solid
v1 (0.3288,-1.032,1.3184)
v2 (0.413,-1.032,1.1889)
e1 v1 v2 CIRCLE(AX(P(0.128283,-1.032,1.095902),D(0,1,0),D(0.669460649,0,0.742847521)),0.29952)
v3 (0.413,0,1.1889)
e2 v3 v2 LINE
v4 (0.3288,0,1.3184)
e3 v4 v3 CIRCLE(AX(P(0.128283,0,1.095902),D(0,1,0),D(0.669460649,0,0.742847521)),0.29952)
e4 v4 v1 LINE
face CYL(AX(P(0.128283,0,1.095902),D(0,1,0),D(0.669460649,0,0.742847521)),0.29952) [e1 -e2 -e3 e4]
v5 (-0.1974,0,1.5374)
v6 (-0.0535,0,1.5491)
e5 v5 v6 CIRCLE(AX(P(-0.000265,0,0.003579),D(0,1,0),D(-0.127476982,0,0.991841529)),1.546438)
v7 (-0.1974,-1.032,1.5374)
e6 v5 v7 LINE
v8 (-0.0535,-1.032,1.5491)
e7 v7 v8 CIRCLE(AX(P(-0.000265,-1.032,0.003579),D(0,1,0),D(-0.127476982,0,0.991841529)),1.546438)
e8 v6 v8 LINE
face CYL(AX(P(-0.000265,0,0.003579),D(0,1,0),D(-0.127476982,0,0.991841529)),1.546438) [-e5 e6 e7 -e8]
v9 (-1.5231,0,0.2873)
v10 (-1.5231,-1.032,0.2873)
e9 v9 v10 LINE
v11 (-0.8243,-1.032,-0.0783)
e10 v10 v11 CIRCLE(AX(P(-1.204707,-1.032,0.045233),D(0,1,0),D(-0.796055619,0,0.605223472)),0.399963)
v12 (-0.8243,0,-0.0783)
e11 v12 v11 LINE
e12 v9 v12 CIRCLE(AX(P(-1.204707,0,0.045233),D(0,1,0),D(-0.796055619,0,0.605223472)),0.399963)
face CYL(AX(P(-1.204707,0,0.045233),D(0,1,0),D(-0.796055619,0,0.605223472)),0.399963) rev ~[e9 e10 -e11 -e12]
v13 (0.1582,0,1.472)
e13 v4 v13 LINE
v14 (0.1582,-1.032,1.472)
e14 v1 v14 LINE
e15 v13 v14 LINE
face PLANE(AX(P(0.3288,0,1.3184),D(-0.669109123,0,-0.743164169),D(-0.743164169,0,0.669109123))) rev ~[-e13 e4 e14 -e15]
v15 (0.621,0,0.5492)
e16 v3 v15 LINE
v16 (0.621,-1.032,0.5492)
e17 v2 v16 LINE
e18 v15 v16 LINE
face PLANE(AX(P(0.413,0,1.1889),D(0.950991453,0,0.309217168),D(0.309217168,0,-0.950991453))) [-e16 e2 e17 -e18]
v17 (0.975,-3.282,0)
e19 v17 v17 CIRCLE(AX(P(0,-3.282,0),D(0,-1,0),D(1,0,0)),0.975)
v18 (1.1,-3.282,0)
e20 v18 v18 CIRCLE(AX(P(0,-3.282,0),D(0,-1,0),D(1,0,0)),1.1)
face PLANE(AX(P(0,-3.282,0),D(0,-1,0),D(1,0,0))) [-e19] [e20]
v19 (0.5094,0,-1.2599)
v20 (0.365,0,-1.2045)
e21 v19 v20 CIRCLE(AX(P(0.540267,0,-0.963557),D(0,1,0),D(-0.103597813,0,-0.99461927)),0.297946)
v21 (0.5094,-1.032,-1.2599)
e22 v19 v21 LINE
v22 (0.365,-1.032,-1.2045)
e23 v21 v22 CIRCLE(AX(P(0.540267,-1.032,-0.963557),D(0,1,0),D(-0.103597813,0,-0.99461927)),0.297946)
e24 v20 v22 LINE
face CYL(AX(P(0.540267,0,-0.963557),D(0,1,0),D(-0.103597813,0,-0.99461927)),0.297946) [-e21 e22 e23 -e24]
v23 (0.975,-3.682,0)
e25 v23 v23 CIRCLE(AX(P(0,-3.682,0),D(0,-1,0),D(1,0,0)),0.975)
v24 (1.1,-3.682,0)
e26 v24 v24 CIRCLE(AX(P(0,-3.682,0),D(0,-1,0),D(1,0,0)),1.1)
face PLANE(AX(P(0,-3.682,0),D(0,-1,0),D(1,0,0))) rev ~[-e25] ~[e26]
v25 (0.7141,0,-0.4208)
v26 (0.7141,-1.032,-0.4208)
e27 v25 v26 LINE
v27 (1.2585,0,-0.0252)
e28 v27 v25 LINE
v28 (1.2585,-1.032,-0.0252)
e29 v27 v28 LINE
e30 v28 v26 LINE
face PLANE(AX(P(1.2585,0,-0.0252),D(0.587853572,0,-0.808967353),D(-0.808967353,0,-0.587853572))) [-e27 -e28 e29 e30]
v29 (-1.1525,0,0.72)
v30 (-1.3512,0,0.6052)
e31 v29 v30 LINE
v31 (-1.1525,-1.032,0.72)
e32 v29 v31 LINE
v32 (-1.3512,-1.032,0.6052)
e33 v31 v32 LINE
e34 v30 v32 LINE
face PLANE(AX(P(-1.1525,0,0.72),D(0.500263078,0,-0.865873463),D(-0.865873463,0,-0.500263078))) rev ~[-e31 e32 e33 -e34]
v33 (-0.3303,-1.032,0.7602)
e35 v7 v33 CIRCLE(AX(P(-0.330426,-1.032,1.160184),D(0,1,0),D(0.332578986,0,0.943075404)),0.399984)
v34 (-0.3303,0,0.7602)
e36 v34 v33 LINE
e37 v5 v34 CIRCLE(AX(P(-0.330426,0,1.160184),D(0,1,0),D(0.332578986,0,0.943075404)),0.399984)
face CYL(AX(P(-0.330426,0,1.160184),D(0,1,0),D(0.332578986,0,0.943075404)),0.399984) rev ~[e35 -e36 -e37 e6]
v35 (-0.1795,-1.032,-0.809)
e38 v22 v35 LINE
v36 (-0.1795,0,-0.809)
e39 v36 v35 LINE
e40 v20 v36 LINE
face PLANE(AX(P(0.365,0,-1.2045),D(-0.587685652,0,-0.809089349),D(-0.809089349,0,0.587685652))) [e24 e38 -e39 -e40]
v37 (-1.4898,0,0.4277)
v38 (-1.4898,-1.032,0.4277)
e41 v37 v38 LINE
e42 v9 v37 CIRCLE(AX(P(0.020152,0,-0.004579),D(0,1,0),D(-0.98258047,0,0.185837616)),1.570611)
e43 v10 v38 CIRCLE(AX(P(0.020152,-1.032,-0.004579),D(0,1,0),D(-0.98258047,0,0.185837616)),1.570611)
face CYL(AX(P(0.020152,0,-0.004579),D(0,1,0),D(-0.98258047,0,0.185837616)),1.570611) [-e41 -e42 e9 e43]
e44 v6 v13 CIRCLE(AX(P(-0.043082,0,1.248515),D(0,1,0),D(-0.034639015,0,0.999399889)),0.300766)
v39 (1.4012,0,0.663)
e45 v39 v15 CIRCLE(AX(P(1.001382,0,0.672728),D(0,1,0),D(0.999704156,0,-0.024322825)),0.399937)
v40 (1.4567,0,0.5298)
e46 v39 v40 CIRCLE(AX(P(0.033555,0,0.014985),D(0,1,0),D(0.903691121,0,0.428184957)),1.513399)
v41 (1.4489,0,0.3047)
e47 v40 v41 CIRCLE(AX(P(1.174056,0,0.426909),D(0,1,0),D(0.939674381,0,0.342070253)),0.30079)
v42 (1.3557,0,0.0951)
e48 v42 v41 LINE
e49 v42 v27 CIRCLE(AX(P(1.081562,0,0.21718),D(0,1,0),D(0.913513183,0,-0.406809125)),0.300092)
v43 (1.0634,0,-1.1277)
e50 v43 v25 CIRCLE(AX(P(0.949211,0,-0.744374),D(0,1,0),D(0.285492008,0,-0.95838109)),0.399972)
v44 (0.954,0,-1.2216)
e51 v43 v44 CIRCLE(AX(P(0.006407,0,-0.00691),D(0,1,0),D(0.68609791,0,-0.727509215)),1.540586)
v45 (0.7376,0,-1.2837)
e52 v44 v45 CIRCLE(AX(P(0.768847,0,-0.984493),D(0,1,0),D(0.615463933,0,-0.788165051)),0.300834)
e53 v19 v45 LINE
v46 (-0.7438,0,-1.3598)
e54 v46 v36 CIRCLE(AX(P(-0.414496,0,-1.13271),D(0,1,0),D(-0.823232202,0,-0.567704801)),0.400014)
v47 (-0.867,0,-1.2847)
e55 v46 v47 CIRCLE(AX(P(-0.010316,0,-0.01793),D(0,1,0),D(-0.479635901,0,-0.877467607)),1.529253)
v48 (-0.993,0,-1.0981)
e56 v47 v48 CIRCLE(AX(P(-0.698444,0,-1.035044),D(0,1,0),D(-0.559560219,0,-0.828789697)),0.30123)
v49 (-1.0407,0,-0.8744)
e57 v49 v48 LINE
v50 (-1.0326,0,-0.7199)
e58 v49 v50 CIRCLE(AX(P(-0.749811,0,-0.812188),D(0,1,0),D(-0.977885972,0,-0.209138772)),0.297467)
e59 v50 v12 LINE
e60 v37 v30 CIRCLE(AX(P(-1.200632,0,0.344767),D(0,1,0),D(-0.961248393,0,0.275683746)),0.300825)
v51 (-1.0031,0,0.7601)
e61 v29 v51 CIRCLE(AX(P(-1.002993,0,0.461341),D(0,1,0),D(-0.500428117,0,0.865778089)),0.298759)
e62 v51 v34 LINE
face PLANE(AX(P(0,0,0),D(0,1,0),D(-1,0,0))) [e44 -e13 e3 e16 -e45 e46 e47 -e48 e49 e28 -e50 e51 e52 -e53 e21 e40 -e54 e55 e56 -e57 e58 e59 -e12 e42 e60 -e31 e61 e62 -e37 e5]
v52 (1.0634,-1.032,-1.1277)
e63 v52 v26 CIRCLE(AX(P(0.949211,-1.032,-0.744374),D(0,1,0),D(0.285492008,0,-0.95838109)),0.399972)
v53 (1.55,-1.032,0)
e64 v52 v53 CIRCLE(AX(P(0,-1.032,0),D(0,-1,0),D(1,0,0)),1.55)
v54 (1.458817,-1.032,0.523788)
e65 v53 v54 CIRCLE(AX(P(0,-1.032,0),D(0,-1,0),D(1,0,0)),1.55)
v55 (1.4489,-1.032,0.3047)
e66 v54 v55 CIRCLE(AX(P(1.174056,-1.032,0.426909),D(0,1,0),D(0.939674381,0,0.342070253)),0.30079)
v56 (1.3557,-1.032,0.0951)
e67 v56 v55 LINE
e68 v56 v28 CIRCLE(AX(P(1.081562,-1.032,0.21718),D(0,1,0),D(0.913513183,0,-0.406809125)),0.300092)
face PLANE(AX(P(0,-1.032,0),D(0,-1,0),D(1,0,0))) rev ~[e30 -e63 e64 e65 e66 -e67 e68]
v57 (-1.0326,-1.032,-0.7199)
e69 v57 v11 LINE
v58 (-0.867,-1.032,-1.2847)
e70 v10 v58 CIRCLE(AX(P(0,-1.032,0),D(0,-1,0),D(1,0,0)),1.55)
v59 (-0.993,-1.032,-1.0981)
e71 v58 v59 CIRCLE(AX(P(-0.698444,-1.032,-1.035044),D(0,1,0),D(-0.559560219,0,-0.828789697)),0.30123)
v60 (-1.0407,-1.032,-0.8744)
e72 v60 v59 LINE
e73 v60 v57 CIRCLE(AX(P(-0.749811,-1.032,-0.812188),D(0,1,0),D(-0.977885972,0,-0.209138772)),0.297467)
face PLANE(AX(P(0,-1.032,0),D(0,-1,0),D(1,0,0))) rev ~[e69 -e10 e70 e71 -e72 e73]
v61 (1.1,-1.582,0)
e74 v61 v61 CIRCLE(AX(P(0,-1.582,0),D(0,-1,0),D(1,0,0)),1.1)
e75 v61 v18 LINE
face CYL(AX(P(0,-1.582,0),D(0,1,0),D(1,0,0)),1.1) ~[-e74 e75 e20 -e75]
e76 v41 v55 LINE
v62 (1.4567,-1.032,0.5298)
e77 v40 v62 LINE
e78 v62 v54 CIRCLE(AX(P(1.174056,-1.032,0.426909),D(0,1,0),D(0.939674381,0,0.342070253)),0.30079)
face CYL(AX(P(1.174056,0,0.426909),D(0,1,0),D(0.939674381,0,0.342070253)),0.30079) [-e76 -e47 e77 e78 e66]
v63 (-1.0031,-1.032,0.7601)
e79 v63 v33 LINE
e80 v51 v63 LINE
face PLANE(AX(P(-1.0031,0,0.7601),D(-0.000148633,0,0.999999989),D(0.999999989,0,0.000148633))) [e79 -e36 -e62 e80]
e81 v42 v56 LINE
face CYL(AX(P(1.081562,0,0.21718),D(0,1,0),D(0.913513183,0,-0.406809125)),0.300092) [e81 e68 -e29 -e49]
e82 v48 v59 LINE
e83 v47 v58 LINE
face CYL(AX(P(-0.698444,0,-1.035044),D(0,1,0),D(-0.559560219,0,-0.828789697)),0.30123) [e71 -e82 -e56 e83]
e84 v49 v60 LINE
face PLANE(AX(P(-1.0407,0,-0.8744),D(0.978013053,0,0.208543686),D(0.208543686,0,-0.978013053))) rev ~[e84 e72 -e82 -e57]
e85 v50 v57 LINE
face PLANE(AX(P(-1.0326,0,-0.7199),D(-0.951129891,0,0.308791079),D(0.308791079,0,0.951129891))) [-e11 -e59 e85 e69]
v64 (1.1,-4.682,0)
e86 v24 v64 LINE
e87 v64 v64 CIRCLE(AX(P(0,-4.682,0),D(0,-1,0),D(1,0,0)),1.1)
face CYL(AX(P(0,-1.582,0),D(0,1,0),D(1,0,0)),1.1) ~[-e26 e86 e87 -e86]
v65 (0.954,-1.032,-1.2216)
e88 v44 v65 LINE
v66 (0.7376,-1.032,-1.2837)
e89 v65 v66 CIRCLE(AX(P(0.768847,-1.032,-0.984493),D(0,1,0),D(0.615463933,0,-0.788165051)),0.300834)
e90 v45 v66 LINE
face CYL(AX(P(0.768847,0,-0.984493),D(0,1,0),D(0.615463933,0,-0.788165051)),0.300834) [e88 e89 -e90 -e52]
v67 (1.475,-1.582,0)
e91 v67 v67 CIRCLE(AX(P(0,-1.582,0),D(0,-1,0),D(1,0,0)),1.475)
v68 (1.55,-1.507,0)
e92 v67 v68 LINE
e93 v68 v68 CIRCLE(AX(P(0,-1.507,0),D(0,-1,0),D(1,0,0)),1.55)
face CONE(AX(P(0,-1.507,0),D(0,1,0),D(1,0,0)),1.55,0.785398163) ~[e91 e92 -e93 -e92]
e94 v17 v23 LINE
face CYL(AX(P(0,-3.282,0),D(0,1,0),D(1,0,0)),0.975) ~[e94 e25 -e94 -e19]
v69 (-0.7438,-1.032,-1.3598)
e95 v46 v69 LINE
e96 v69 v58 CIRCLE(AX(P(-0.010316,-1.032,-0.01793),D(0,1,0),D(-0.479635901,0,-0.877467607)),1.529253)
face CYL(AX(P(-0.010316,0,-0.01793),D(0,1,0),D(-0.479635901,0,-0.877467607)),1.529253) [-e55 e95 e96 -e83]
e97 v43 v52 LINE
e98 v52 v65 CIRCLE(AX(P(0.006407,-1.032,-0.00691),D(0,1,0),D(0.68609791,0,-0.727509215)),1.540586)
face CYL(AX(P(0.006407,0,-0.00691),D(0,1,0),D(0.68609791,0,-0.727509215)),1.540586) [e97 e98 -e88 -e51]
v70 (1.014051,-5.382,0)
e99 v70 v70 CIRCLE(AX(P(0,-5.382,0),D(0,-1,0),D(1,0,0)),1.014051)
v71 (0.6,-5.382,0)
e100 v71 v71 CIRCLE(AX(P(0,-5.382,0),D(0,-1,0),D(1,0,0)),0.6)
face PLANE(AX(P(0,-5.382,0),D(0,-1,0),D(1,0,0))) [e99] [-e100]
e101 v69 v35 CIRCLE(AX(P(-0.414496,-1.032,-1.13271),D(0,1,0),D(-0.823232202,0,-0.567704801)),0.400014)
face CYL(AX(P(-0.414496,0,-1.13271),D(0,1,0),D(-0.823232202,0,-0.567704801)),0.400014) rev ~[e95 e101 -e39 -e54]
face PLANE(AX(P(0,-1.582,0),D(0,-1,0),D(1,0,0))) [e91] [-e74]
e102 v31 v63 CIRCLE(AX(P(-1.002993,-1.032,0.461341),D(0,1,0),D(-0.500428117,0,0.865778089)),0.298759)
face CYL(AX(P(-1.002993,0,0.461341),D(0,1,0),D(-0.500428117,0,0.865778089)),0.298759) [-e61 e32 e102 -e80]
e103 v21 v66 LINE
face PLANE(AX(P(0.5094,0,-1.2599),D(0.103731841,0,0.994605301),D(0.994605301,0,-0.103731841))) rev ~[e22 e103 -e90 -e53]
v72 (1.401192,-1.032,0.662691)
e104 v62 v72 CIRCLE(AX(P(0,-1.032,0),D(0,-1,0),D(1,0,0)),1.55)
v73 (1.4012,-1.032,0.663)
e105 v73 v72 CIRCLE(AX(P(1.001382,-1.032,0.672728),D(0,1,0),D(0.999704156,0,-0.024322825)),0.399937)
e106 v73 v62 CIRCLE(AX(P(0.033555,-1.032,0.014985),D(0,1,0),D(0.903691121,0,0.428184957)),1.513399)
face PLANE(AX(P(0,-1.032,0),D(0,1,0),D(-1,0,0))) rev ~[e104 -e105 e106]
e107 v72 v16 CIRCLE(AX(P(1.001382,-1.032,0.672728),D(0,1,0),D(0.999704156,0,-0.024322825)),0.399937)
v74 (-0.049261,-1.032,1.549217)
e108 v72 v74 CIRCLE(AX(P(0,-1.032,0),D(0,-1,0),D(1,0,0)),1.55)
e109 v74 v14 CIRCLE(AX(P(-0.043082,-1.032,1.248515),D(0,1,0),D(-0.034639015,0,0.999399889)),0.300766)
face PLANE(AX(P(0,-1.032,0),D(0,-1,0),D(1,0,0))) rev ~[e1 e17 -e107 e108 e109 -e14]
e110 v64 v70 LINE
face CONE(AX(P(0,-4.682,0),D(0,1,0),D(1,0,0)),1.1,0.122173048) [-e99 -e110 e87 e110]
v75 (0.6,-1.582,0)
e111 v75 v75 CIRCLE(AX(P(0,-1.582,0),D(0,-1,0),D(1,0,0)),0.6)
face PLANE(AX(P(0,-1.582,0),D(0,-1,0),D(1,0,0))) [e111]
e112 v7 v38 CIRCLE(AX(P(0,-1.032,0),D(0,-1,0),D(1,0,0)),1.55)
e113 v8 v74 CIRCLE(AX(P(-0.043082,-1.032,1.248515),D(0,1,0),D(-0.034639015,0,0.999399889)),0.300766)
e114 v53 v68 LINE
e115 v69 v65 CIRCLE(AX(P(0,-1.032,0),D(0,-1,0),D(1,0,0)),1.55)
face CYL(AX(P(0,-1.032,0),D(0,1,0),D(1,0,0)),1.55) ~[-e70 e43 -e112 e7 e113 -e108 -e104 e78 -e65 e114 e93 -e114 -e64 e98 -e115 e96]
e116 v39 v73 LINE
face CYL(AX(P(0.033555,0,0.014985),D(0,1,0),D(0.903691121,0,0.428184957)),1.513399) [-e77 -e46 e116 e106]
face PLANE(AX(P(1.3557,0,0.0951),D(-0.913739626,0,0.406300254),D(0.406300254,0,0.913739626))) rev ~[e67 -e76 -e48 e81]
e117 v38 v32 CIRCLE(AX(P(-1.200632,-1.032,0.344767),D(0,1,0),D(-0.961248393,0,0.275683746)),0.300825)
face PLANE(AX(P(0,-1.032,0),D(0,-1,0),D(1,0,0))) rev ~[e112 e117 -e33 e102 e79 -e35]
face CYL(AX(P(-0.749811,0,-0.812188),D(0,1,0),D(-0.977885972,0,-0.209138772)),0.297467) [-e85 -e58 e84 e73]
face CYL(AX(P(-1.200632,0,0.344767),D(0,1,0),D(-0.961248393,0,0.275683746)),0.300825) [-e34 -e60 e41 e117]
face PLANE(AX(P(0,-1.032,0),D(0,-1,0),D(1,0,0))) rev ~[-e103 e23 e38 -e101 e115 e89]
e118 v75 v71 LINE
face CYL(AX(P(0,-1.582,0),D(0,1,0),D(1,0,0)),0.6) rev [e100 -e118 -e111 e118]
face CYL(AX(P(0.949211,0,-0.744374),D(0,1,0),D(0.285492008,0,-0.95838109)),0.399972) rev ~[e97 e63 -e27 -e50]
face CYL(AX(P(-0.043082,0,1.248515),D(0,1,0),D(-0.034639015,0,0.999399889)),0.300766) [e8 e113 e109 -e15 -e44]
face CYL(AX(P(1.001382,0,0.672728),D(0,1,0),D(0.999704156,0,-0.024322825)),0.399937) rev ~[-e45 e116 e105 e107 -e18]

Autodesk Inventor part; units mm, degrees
ref_plane "YZ Plane" through (0, 0, 0) normal (1, 0, 0) x (0, 1, 0)
sketch "Sketch2" plane through (0, 0, 0) normal (0, 1, 0) x (-1, 0, 0)
  line L0 (-0.3288, 1.3184) -> (-0.1582, 1.472)
  line L1 (-0.3288, 1.3184) -> (-0.1582, 1.472)
  line L2 (-0.5094, -1.2599) -> (-0.7376, -1.2837)
  arc A0 (0.7438, -1.3598) -> (0.1795, -0.809) centre (0.4146, -1.1327) ccw
  line L3 (-0.365, -1.2045) -> (0.1795, -0.809)
  arc A1 (-1.0634, -1.1277) -> (-0.954, -1.2216) centre (-0.0001, 0.0001) ccw
  line L4 (-0.365, -1.2045) -> (0.1795, -0.809)
  arc A2 (-0.5094, -1.2599) -> (-0.365, -1.2045) centre (-0.5404, -0.963) ccw
  line L5 (1.1525, 0.72) -> (1.3512, 0.6052)
  arc A3 (0.1974, 1.5374) -> (0.3303, 0.7602) centre (0.3304, 1.1602) ccw
  line L6 (1.0031, 0.7601) -> (0.3303, 0.7602)
  arc A4 (1.1525, 0.72) -> (1.0031, 0.7601) centre (1.0031, 0.4616) ccw
  line L7 (1.0407, -0.8744) -> (0.993, -1.0981)
  arc A5 (1.5231, 0.2873) -> (0.8243, -0.0783) centre (1.2047, 0.0452) ccw
  line L8 (1.0326, -0.7199) -> (0.8243, -0.0783)
  arc A6 (1.0407, -0.8744) -> (1.0326, -0.7199) centre (0.7487, -0.8121) ccw
  arc A7 (-1.4012, 0.663) -> (-0.621, 0.5492) centre (-1.0013, 0.6728) ccw
  line L9 (-0.413, 1.1889) -> (-0.621, 0.5492)
  arc A8 (-0.3288, 1.3184) -> (-0.413, 1.1889) centre (-0.1291, 1.0966) ccw
  line L10 (-1.3557, 0.0951) -> (-1.4489, 0.3047)
  arc A9 (-1.0634, -1.1277) -> (-0.7141, -0.4208) centre (-0.9492, -0.7444) ccw
  line L11 (-1.2585, -0.0252) -> (-0.7141, -0.4208)
  arc A10 (-1.3557, 0.0951) -> (-1.2585, -0.0252) centre (-1.083, 0.2163) ccw
  arc A11 (1.5231, 0.2872) -> (1.4898, 0.4277) centre (-0.0001, 0.0001) ccw
  arc A12 (-1.4012, 0.663) -> (-1.4567, 0.5298) centre (-0.0001, 0.0001) ccw
  arc A13 (0.7438, -1.3598) -> (0.867, -1.2847) centre (-0.0001, 0.0001) ccw
  arc A14 (0.1974, 1.5374) -> (0.0535, 1.5491) centre (-0.0001, 0.0001) ccw
  arc A15 (0.0535, 1.5491) -> (-0.1582, 1.472) centre (0.0431, 1.2484) ccw
  arc A16 (-1.4567, 0.5298) -> (-1.4489, 0.3047) centre (-1.174, 0.4269) ccw
  arc A17 (1.4898, 0.4277) -> (1.3512, 0.6052) centre (1.2005, 0.3447) ccw
  arc A18 (-0.954, -1.2216) -> (-0.7376, -1.2837) centre (-0.7688, -0.9844) ccw
  arc A19 (0.867, -1.2847) -> (0.993, -1.0981) centre (0.6987, -1.0353) ccw
  circle A20 centre (-0.0001, 0.0001) radius 1.55
  point P0 (-1.356, 0.0956)
  point P1 (1.0033, 0.76)
  point P2 (0.3301, 0.76)
  dimension "d305" = 3.1
sketch "Sketch3" plane through (0, 0, 0) normal (0, 1, 0) x (-1, 0, 0)
  line L0 (5.0133, 39.043) -> (38.6813, 7.297)
  line L1 (38.6813, 7.297) -> (18.893, -34.5332)
  line L2 (18.893, -34.5332) -> (-27.0048, -28.6397)
  line L3 (-27.0048, -28.6397) -> (-35.5829, 16.8329)
  line L4 (-35.5829, 16.8329) -> (5.0133, 39.043)
  circle A0 centre (0, 0) radius 39.3635
  circle A1 centre (0, 0) radius 20.4353
  circle A2 centre (0, 0) radius 31.8458
  circle A3 centre (10.4717, -28.7325) radius 10.093
  circle A4 centre (41.1153, -0.5956) radius 4.0726
  circle A5 centre (8.144, 29.3283) radius 10.0252
  circle A6 centre (-25.3778, 16.9956) radius 10.0583
  circle A7 centre (-24.1576, -18.872) radius 10.1582
  line L5 (-25.3778, 16.9956) -> (8.3216, 29.3877)
  line L6 (8.3216, 29.3877) -> (30.5209, 1.1669)
  line L7 (30.5209, 1.1669) -> (10.5413, -28.6665)
  line L8 (10.5413, -28.6665) -> (-24.006, -18.8838)
  line L9 (-24.006, -18.8838) -> (-25.3778, 16.9956)
  line L10 (-31.306, -23.8626) -> (-32.3687, 22.3998)
  line L11 (-32.3687, 22.3998) -> (11.301, 37.7064)
  line L12 (11.301, 37.7064) -> (39.3531, 0.904)
  line L13 (39.3531, 0.904) -> (13.0206, -37.1477)
  line L14 (13.0206, -37.1477) -> (-31.306, -23.8626)
  point P0 (-9.1427, -30.5051)
extrude "Extrusion4" add sketch "Sketch2" against normal blind 1.032 contours L0 A15 A14 A3 L6 A4 L5 A17 A11 A5 L8 A6 L7 A19 A13 A0 L3 A2 L2 A18 A1 A9 L11 A10 L10 A16 A12 A7 L9 A8
sketch "Sketch6" plane through (0, -1.032, 0) normal (0, -1, 0) x (1, 0, 0)
  circle A0 centre (0, 0) radius 1.55
  dimension "d304" = 3.1
extrude "Extrusion5" add sketch "Sketch6" along normal blind 0.55
ref_plane "Plan de construction1" through (0, -1.582, 0) normal (0, -1, 0) x (1, 0, 0)
sketch "Sketch7" plane through (0, -1.582, 0) normal (0, -1, 0) x (1, 0, 0)
  circle A0 centre (0, 0) radius 1.1
  circle A1 centre (0, 0) radius 0.6
  circle A2 centre (0, 0) radius 0.975
  dimension "d303" = 2.2
  dimension "d306" = 1.2
  dimension "d307" = 1.95
extrude "Extrusion6" add sketch "Sketch7" along normal blind 3.8 contours A0 | A2
ref_plane "Plan de construction2" through (0, -3.282, 0) normal (0, -1, 0) x (1, 0, 0)
extrude "Extrusion7" cut sketch "Sketch7" along normal blind 0.4 from surface at 1.7 contours A0
chamfer "Chanfrein2" distance 0.7 angle 7 1 edges at (-1.1, -5.382, 0) measured on face at (1.0964, -4.8153, -0.0885)
chamfer "Chanfrein3" distance 0.075 angle 45 1 edges at (-1.55, -1.582, 0)
properties part number "3.2mm_uncorrected"
